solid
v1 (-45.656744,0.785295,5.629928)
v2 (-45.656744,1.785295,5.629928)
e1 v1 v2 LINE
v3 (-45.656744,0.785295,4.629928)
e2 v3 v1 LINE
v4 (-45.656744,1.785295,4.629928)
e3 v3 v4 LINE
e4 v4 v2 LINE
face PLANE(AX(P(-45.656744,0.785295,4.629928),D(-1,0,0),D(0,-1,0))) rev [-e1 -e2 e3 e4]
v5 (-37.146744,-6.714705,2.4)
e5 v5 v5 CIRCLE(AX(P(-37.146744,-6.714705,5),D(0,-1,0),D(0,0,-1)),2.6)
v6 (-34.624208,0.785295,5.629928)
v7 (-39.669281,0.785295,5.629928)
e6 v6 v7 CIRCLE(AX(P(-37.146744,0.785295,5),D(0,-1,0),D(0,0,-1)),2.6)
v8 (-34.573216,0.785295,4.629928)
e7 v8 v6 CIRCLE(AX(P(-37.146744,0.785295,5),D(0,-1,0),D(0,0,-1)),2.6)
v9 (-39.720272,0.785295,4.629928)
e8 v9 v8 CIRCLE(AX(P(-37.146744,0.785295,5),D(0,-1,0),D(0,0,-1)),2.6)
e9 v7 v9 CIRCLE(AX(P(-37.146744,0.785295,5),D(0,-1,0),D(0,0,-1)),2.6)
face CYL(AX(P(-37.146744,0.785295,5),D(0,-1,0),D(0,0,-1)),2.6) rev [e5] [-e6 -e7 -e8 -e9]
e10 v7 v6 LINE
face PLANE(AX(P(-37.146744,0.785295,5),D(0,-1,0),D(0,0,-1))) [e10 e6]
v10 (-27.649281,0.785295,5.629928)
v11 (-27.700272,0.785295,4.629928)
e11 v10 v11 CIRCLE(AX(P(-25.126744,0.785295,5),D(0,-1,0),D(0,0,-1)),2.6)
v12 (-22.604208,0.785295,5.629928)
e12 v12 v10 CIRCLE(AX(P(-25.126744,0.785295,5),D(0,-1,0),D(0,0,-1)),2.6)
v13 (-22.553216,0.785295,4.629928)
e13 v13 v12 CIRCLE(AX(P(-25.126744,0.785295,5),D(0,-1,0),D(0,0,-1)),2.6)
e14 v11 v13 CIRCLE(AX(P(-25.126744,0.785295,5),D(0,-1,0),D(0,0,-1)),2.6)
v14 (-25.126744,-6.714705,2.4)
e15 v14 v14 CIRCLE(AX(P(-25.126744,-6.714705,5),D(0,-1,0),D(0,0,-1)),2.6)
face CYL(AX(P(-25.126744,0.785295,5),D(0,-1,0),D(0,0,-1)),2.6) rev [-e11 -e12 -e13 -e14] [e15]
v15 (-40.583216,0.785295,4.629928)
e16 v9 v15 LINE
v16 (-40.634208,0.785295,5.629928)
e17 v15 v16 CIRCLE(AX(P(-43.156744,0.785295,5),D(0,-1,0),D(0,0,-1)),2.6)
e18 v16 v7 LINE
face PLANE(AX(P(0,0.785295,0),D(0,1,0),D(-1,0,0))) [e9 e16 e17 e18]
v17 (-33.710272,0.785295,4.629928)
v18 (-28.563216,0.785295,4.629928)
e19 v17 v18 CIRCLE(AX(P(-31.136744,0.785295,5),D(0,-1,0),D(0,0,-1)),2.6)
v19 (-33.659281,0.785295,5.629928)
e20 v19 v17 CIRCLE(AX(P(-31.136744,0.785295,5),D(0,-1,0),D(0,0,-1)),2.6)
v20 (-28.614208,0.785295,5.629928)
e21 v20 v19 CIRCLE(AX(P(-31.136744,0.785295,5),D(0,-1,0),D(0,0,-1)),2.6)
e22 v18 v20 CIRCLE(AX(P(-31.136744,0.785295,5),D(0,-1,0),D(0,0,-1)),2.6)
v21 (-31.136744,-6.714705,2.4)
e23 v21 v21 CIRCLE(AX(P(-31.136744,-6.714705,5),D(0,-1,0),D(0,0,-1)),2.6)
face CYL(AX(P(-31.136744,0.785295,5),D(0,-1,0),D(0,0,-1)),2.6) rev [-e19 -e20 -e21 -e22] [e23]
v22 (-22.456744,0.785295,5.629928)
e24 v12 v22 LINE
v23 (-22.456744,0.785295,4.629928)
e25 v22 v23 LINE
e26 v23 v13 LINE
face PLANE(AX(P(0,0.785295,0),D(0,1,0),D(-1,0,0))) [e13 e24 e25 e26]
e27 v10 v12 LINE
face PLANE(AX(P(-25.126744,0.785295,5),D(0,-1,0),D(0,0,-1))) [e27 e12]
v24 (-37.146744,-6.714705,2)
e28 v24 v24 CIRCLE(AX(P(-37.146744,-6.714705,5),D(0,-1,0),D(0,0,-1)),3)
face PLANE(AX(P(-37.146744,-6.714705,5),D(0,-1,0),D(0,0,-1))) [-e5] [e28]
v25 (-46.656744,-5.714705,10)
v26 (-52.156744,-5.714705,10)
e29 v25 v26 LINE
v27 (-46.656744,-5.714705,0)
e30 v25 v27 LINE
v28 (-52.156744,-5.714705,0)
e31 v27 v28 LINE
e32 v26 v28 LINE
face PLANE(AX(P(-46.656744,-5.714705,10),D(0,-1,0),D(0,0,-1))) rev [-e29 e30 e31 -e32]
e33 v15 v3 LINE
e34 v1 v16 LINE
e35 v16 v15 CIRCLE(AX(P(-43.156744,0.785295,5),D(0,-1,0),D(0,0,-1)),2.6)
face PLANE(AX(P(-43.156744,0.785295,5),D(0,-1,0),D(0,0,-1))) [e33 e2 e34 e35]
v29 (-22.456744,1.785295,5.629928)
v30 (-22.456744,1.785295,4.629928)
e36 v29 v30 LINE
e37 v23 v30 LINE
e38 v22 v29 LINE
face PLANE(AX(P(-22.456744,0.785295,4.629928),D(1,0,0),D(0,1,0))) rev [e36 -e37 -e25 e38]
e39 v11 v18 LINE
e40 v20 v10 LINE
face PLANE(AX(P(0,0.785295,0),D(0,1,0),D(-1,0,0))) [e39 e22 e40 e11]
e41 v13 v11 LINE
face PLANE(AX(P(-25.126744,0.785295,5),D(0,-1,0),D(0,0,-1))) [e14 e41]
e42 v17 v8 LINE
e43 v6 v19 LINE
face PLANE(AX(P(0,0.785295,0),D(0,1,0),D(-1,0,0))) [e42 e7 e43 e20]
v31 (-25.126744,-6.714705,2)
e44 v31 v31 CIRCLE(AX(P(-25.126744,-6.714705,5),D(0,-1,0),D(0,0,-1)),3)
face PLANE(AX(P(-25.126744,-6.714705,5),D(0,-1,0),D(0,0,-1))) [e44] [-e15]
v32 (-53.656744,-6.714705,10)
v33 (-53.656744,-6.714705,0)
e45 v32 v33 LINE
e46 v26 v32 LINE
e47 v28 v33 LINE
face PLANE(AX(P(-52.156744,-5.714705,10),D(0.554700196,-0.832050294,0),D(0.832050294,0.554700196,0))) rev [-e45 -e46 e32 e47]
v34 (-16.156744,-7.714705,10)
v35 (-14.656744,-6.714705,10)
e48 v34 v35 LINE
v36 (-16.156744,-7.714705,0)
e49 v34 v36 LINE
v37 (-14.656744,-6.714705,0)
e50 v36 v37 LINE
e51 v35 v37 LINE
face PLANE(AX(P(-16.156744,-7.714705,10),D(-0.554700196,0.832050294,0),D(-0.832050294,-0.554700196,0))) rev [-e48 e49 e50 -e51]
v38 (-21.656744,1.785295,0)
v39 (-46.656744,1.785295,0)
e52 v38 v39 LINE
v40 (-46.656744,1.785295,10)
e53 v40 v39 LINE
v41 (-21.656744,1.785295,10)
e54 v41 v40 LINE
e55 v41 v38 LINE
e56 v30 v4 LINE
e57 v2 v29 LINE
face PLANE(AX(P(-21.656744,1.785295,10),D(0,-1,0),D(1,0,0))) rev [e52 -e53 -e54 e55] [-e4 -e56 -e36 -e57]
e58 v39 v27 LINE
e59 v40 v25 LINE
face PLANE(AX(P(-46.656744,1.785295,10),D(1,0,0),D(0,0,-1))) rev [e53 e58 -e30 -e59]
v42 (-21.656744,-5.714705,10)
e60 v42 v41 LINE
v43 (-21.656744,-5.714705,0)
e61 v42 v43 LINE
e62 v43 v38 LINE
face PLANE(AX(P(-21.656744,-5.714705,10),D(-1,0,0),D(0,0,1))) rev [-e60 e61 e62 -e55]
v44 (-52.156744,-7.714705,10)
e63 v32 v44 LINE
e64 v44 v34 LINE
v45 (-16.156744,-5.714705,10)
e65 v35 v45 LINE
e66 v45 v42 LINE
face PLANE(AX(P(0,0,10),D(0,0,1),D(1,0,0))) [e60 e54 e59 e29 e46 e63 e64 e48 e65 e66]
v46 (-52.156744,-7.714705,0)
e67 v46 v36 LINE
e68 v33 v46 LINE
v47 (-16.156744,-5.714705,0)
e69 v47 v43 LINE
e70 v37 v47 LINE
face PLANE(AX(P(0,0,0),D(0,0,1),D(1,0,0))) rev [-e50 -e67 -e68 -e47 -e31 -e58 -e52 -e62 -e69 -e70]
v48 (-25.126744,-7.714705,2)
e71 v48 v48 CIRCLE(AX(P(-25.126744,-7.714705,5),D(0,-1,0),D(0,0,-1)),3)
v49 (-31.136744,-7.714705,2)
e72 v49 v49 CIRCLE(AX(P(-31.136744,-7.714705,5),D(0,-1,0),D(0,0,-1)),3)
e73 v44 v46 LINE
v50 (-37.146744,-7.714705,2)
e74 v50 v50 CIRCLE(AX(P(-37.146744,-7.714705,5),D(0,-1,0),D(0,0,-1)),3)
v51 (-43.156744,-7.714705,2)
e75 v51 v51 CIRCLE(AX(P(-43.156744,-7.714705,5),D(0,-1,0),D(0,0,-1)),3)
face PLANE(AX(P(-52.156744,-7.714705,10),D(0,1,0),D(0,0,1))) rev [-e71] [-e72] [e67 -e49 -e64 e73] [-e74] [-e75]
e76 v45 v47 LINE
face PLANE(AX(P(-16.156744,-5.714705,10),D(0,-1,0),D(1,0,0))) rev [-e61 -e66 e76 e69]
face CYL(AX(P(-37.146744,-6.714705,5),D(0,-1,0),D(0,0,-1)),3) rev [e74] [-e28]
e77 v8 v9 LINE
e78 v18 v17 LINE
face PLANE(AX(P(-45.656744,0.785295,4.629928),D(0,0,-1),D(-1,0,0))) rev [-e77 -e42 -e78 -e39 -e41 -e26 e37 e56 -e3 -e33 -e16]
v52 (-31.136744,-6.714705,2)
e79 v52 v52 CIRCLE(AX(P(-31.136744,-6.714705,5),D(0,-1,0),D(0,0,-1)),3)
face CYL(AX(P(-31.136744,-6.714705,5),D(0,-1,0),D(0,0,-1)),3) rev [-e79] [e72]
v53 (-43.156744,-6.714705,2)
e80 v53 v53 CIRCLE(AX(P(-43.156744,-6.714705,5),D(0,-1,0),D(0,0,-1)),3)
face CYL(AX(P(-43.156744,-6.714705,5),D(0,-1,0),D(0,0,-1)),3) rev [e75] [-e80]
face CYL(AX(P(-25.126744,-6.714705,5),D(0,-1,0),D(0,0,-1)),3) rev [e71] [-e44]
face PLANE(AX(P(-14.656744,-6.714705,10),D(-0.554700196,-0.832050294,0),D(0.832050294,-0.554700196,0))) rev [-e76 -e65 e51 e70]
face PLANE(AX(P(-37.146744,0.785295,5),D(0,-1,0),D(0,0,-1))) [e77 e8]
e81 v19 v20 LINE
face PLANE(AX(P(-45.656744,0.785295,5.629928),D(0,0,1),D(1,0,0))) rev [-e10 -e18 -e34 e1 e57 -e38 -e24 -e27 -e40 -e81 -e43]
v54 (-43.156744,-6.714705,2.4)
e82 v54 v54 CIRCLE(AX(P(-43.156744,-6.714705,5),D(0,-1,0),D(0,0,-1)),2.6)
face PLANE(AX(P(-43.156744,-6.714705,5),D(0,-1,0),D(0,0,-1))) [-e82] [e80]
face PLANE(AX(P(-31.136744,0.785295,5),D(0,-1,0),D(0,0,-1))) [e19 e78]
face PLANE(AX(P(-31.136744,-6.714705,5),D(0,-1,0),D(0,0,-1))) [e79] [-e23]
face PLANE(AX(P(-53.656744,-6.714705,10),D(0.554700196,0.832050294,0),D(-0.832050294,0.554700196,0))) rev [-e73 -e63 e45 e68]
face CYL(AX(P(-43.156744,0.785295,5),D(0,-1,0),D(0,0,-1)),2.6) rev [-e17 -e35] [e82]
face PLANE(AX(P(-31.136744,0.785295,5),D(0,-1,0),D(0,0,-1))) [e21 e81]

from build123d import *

# Parameters (mm, degrees)
P_IDAT_VYSUNUT_M1_DEPTH  = 10
SKICA2_R                 = 3
ODEBRAT_VYSUNUT_M1_DEPTH = 1
SKICA3_R                 = 2.6
ODEBRAT_VYSUNUT_M2_DEPTH = 7.5
SKICA4_W                 = 23.2
SKICA4_H                 = 1
ODEBRAT_VYSUNUT_M3_DEPTH = 1


with BuildPart() as part:
    # Skica1 → Přidat vysunutím1 (new body)
    with BuildSketch(Plane.XY):
        Polygon((-52.156744291, -7.714704976), (-16.156744291, -7.714704976), (-14.656744291, -6.714704976), (-16.156744291, -5.714704976), (-21.656744291, -5.714704976), (-21.656744291, 1.785295024), (-46.656744291, 1.785295024), (-46.656744291, -5.714704976), (-52.156744291, -5.714704976), (-53.656744291, -6.714704976), align=None)
    extrude(amount=P_IDAT_VYSUNUT_M1_DEPTH)

    # Skica2 → Odebrat vysunutím1 (cut)
    with BuildSketch(Plane(origin=(0, -7.714704976, 0), x_dir=(-1, 0, 0), z_dir=(0, -1, 0))):
        with Locations((43.156744291, -5)):
            Circle(SKICA2_R)
        with Locations((37.146744291, -5)):
            Circle(SKICA2_R)
        with Locations((31.136744291, -5)):
            Circle(SKICA2_R)
        with Locations((25.126744291, -5)):
            Circle(SKICA2_R)
    extrude(amount=-ODEBRAT_VYSUNUT_M1_DEPTH, mode=Mode.SUBTRACT)

    # Skica3 → Odebrat vysunutím2 (cut)
    with BuildSketch(Plane(origin=(0, -6.714704976, 0), x_dir=(-1, 0, 0), z_dir=(0, -1, 0))):
        with Locations((43.156744291, -5)):
            Circle(SKICA3_R)
        with Locations((37.146744291, -5)):
            Circle(SKICA3_R)
        with Locations((31.136744291, -5)):
            Circle(SKICA3_R)
        with Locations((25.126744291, -5)):
            Circle(SKICA3_R)
    extrude(amount=-ODEBRAT_VYSUNUT_M2_DEPTH, mode=Mode.SUBTRACT)

    # Skica4 → Odebrat vysunutím3 (cut)
    with BuildSketch(Plane(origin=(0, 1.785295024, 0), x_dir=(1, 0, 0), z_dir=(0, 1, 0))):
        with Locations((-34.056744291, -5.129927758)):
            Rectangle(SKICA4_W, SKICA4_H)
    extrude(amount=-ODEBRAT_VYSUNUT_M3_DEPTH, mode=Mode.SUBTRACT)


solid = part.part
